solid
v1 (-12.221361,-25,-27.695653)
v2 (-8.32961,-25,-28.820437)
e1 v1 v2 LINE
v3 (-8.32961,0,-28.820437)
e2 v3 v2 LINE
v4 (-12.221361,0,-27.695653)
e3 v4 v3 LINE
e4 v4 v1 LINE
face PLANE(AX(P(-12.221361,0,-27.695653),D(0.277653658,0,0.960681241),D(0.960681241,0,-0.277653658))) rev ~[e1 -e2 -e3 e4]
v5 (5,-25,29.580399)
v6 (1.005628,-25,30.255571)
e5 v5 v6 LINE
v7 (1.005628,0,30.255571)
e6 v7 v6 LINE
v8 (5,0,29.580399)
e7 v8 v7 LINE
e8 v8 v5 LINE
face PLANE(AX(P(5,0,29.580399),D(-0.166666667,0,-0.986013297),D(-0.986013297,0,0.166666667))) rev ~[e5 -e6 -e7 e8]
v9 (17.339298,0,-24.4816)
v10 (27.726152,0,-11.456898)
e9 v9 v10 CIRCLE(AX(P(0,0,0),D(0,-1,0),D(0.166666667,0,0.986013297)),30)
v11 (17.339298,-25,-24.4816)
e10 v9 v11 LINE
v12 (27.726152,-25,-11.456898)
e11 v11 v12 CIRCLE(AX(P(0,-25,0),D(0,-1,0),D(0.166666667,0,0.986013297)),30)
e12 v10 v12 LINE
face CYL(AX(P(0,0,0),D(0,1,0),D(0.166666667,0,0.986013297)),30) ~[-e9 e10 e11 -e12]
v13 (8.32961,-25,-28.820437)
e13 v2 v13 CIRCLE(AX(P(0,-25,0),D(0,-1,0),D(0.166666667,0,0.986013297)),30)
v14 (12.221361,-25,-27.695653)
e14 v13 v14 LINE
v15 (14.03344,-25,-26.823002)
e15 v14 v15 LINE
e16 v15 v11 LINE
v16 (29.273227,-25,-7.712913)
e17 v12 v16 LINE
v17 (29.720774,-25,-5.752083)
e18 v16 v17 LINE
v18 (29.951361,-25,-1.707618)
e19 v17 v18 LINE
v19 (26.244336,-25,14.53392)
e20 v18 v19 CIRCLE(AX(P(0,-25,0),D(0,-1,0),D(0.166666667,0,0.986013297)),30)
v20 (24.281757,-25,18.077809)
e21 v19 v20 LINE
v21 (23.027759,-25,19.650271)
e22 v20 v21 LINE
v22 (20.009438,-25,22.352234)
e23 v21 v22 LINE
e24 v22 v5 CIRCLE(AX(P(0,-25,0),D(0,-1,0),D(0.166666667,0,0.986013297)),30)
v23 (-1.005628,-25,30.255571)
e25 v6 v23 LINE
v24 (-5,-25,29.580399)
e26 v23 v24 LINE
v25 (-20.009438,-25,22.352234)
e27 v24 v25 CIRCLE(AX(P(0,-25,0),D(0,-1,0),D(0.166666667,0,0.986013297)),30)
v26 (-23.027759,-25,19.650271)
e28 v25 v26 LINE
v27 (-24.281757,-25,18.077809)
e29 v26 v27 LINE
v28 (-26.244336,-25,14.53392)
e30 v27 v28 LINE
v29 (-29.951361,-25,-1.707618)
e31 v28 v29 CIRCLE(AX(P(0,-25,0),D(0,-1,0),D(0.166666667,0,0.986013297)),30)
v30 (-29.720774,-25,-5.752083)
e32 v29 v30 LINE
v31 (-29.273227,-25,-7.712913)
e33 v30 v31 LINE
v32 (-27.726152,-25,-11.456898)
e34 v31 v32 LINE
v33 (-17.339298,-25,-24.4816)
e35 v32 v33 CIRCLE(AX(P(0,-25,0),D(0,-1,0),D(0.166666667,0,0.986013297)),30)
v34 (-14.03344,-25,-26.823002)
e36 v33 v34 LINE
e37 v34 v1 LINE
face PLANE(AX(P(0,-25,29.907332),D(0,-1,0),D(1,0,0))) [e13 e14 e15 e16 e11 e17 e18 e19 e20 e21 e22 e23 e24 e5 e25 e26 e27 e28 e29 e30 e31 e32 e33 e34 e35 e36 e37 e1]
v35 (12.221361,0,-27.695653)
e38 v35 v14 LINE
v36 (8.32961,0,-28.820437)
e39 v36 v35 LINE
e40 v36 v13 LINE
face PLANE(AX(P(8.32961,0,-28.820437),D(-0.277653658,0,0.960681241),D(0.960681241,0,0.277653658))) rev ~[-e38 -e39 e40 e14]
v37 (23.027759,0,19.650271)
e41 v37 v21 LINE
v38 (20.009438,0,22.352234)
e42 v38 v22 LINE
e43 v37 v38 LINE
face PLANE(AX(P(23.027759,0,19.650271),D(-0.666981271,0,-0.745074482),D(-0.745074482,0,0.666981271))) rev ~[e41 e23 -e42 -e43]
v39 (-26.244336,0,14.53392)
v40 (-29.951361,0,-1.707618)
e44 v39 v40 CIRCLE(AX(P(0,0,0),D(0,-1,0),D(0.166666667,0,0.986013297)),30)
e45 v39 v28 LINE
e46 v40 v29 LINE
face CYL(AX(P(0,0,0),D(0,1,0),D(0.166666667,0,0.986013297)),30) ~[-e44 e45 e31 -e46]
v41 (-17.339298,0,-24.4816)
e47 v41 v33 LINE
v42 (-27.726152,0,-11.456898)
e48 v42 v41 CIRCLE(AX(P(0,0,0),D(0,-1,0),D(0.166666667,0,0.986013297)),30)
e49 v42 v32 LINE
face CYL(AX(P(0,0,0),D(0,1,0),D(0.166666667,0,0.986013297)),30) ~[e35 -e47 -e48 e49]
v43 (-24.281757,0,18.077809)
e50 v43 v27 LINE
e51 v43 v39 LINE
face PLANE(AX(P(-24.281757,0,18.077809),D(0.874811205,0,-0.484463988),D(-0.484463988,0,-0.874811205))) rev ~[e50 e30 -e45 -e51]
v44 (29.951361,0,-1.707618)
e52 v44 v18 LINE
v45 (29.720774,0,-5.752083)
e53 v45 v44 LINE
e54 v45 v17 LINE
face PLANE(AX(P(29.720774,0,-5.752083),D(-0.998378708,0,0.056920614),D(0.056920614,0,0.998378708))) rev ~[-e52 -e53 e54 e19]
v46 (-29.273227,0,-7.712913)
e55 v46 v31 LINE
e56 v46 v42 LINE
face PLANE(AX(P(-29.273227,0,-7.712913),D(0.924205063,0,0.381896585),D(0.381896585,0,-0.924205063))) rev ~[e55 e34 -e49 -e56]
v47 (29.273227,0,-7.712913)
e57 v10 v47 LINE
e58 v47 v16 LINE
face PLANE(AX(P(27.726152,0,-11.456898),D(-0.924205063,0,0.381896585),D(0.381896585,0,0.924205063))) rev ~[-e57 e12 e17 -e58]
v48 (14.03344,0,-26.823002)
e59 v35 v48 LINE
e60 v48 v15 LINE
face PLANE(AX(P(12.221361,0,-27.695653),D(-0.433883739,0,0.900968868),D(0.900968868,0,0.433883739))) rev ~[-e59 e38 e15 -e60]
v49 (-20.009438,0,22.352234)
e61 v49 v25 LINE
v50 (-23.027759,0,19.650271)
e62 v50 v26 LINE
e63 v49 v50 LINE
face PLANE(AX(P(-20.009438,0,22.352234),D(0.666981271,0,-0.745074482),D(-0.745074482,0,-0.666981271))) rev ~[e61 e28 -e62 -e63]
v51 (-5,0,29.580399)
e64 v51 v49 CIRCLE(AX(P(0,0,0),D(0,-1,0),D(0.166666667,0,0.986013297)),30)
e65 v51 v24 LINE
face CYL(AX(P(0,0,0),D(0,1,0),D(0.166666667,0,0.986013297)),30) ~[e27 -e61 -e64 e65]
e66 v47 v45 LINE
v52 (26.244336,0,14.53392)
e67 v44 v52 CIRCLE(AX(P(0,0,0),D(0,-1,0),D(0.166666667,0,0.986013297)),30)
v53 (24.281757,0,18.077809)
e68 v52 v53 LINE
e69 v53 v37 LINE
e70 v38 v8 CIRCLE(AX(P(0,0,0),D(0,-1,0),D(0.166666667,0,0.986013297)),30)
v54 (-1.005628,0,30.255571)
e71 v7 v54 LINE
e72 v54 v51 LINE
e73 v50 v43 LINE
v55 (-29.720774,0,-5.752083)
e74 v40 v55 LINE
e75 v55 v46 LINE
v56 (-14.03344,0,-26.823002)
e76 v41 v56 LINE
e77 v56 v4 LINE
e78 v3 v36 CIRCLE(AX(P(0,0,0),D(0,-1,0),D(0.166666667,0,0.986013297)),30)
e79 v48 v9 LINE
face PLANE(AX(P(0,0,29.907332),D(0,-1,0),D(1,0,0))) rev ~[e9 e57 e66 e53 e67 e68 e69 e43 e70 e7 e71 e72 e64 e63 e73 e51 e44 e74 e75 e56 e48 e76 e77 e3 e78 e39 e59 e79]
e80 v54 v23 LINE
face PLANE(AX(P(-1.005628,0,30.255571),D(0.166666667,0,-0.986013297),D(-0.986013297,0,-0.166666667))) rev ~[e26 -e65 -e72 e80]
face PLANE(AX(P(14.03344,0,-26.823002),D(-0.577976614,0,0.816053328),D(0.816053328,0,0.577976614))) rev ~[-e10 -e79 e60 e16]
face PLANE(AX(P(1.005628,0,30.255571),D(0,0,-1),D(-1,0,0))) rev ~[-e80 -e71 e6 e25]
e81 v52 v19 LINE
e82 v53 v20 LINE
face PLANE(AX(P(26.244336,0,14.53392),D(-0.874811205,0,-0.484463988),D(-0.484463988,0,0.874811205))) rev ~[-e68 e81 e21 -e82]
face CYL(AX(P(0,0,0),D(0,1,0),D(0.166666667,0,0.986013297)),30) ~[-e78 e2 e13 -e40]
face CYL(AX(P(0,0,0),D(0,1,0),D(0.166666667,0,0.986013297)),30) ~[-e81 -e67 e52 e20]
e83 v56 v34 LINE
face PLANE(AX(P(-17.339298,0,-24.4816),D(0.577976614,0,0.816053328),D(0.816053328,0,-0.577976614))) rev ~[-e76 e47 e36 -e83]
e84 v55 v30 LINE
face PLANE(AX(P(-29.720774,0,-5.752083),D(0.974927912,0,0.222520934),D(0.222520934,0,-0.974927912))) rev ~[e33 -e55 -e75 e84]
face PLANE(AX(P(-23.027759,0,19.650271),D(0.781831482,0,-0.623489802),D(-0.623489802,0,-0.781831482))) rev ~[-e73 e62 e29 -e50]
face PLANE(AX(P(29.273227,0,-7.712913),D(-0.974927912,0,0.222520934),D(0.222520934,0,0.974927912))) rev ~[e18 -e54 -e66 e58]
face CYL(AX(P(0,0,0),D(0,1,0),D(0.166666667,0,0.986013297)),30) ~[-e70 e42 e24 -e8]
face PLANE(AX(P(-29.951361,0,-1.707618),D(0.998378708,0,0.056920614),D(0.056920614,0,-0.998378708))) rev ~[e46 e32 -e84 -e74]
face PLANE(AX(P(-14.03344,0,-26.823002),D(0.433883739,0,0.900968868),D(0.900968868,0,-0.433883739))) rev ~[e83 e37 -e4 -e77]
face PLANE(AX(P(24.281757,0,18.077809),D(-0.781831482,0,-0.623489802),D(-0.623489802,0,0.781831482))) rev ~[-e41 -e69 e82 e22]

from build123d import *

# Parameters (mm, degrees)
F5_DEPTH = 25
F6_DEPTH = 25
F7_COUNT = 7


with BuildPart() as f5:
    # F3 (on Front) → F5 (new body)
    with BuildSketch(Plane.XZ):
        with BuildLine():
            ThreePointArc((-5, 29.5803989155), (-19.364916731, -22.9128784748), (30, 0))
            ThreePointArc((30, 0), (22.9128784748, 19.364916731), (5, 29.5803989155))
            ThreePointArc((5, 29.5803989155), (0, 30), (-5, 29.5803989155))
        make_face()
    extrude(amount=F5_DEPTH)



with BuildPart() as f6:
    # F3 (on Front) → F6 (new body)
    with BuildSketch(Plane.XZ):
        with BuildLine():
            ThreePointArc((-5, 29.5803989155), (0, 30), (5, 29.5803989155))
            Line((5, 29.5803989155), (1.0056277868, 30.2555710497))
            Line((1.0056277868, 30.2555710497), (0, 30.2555710497))
            Line((0, 30.2555710497), (-1.0056277868, 30.2555710497))
            Line((-1.0056277868, 30.2555710497), (-5, 29.5803989155))
        make_face()
    extrude(amount=F6_DEPTH)


with BuildPart() as f5_1:
    add(f5.part)

    add(f6.part)  # F7 merges F6
    # F7: F6, F5 ×7 about axis
    f7_axis = Axis((0, 33.5468817502, 0), (0, 1, 0))
    for i in range(1, F7_COUNT):
        add(f6.part.rotate(f7_axis, i * 360 / F7_COUNT))
        add(f5.part.rotate(f7_axis, i * 360 / F7_COUNT))


solid = f5_1.part
